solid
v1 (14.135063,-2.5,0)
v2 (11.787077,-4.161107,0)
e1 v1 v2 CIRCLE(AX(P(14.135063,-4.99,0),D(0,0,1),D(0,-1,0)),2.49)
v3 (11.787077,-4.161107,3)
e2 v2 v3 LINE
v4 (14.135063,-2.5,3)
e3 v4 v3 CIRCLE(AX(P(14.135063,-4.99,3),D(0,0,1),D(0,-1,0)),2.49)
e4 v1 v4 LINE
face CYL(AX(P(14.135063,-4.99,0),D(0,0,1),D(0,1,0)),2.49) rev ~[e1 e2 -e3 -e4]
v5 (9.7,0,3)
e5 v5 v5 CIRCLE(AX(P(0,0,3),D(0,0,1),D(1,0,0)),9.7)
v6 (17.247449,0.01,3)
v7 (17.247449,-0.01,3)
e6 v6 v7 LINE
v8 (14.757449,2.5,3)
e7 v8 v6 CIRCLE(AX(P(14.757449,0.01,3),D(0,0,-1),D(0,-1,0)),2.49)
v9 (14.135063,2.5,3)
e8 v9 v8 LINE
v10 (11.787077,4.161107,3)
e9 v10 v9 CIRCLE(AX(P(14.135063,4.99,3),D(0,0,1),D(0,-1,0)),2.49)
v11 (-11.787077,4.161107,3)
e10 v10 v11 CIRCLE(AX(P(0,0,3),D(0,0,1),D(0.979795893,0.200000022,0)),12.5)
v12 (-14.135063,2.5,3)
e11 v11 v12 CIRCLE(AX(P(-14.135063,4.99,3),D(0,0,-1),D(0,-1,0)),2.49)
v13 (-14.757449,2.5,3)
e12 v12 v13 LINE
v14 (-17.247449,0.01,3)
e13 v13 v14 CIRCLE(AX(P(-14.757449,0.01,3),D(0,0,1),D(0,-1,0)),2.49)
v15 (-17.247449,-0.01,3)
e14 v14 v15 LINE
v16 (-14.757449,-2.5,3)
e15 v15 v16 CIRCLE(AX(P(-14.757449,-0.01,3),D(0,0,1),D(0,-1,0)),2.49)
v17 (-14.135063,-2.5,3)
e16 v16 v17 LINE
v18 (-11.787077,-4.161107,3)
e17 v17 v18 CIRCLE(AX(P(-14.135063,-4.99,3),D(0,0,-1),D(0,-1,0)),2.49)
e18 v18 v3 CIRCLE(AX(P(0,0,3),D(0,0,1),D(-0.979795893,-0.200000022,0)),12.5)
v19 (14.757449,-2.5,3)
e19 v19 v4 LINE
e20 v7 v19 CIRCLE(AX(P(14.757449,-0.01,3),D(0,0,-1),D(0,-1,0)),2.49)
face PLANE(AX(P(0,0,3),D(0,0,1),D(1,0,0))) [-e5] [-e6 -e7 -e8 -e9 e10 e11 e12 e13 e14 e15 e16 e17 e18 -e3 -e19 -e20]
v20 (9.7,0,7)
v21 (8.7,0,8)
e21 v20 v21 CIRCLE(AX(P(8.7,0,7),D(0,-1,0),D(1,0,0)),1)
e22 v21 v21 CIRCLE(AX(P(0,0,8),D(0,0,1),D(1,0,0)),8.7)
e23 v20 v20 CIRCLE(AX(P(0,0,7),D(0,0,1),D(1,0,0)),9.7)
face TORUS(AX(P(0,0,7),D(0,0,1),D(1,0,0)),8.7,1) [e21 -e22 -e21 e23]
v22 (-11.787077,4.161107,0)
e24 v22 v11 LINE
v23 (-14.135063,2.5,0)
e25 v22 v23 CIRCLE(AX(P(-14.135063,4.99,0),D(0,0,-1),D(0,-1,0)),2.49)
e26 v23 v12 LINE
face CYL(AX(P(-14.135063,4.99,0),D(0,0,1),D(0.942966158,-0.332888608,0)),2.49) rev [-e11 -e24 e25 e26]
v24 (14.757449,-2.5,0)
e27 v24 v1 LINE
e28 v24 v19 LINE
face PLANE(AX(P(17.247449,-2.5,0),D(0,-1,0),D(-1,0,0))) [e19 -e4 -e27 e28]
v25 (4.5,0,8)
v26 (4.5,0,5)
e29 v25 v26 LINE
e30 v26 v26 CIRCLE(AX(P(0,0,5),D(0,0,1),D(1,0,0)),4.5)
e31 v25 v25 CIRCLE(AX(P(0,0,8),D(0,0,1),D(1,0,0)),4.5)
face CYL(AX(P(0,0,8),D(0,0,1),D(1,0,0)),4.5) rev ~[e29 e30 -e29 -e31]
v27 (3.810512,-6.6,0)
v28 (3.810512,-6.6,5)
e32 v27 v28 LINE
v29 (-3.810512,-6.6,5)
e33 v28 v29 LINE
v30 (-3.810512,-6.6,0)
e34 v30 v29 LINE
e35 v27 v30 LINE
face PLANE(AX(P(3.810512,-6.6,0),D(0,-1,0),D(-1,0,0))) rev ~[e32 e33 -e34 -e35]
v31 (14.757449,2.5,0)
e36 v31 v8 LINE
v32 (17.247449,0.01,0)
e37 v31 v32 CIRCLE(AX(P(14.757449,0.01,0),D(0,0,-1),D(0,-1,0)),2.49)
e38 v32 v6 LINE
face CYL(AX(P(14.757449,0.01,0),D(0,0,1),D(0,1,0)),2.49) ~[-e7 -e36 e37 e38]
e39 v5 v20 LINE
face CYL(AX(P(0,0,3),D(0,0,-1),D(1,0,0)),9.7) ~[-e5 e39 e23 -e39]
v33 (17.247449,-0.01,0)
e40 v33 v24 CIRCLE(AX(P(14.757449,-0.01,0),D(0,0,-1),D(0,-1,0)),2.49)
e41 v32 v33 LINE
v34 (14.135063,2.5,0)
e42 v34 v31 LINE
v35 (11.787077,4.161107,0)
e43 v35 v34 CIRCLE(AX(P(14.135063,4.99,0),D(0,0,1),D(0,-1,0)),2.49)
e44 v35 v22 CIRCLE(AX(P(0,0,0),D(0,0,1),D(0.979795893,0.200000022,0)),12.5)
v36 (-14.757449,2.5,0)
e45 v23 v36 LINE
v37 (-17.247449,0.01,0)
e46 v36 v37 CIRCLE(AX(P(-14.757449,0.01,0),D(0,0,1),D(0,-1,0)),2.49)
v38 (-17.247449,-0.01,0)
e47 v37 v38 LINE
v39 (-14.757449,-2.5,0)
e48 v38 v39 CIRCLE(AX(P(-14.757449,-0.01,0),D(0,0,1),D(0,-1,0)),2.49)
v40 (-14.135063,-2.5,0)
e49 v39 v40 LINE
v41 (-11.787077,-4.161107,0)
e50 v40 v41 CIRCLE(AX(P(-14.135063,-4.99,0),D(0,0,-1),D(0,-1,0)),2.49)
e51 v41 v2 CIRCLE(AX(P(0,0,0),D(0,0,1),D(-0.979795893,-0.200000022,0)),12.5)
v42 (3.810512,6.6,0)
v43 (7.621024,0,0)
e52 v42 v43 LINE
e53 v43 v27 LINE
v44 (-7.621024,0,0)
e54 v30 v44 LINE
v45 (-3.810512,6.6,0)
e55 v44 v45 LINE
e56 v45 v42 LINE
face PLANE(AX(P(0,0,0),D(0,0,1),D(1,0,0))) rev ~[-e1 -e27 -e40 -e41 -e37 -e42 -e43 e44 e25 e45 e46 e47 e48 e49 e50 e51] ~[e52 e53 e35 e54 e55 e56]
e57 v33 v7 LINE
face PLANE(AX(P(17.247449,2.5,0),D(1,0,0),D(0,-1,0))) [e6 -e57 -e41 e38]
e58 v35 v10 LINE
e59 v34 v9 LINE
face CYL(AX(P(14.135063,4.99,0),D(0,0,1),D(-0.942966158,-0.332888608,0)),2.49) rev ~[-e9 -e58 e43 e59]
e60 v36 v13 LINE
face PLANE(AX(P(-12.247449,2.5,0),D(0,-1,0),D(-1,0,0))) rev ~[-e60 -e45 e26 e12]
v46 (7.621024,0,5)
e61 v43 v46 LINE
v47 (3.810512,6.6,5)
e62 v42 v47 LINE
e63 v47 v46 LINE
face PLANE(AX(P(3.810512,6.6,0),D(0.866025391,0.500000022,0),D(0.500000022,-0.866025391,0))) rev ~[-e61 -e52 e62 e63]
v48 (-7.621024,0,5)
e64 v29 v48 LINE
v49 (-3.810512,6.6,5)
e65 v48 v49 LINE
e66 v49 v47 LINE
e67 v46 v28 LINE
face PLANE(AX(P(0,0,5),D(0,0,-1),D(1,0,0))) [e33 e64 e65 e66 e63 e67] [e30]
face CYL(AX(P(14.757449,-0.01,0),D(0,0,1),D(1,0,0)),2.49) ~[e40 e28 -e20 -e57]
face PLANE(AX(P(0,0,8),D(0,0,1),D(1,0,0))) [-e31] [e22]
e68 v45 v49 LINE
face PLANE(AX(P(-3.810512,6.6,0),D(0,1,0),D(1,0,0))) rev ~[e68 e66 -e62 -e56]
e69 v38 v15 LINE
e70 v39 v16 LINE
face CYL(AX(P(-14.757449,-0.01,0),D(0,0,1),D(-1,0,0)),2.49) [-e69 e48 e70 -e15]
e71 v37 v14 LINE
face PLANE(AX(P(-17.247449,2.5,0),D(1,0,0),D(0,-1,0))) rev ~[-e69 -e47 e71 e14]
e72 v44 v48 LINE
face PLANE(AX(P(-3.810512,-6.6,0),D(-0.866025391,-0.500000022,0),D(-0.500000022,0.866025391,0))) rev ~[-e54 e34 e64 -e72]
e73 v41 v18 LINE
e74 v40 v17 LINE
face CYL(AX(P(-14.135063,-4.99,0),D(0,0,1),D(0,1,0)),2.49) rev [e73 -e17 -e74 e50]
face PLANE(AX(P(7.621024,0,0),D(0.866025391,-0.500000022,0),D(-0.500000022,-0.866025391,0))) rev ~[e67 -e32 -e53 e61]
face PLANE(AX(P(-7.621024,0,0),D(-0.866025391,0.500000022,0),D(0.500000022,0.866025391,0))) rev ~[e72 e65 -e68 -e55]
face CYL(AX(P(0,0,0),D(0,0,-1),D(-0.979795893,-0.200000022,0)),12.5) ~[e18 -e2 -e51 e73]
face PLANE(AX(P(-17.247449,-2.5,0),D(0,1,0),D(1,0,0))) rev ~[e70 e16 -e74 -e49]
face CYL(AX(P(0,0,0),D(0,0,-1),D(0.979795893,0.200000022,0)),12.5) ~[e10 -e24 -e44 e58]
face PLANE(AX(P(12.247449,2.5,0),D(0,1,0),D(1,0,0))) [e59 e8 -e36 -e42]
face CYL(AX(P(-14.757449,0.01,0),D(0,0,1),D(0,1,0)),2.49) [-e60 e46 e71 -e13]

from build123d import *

# Parameters (mm, degrees)
PAD_DEPTH       = 3
SKETCH001_R     = 9.7
PAD001_DEPTH    = 5
SKETCH002_R     = 4.5
POCKET_DEPTH    = 8.001
POCKET001_DEPTH = 5
FILLET_R        = 1
FILLET001_R     = 2.49


with BuildPart() as part:
    # Sketch → Pad (new body)
    with BuildSketch(Plane.XY):
        with BuildLine():
            ThreePointArc((12.247449, 2.5), (0, 12.5), (-12.247449, 2.5))
            Line((-12.247449, 2.5), (-17.247449, 2.5))
            Line((-17.247449, 2.5), (-17.247449, -2.5))
            Line((-17.247449, -2.5), (-12.247449, -2.5))
            ThreePointArc((-12.247449, -2.5), (0, -12.5), (12.247449, -2.5))
            Line((17.247449, -2.5), (12.247449, -2.5))
            Line((17.247449, 2.5), (17.247449, -2.5))
            Line((12.247449, 2.5), (17.247449, 2.5))
        make_face()
    extrude(amount=PAD_DEPTH)

    # Sketch001 → Pad001 (new body)
    with BuildSketch(Plane.XY.offset(3)):
        Circle(SKETCH001_R)
    extrude(amount=PAD001_DEPTH)

    # Sketch002 → Pocket (cut, through all)
    with BuildSketch(Plane.XY.offset(8)):
        Circle(SKETCH002_R)
    extrude(amount=-POCKET_DEPTH, mode=Mode.SUBTRACT)

    # Sketch003 → Pocket001 (cut)
    with BuildSketch(Plane(origin=(0, 0, 0), x_dir=(1, 0, 0), z_dir=(0, 0, -1))):
        Polygon((3.810512, -6.6), (7.621024, 0), (3.810512, 6.6), (-3.810512, 6.6), (-7.621024, 0), (-3.810512, -6.6), align=None)
    extrude(amount=-POCKET001_DEPTH, mode=Mode.SUBTRACT)

    # Fillet
    fillet_edges = [part.edges().sort_by_distance(p)[0] for p in [
        (-9.7, 0, 8),
    ]]
    fillet(fillet_edges, radius=FILLET_R)

    # Fillet001
    fillet001_edges = [part.edges().sort_by_distance(p)[0] for p in [
        (12.247449, 2.5, 1.5),
        (17.247449, 2.5, 1.5),
        (17.247449, -2.5, 1.5),
        (12.247449, -2.5, 1.5),
        (-12.247449, -2.5, 1.5),
        (-17.247449, -2.5, 1.5),
        (-17.247449, 2.5, 1.5),
        (-12.247449, 2.5, 1.5),
    ]]
    fillet(fillet001_edges, radius=FILLET001_R)


solid = part.part
